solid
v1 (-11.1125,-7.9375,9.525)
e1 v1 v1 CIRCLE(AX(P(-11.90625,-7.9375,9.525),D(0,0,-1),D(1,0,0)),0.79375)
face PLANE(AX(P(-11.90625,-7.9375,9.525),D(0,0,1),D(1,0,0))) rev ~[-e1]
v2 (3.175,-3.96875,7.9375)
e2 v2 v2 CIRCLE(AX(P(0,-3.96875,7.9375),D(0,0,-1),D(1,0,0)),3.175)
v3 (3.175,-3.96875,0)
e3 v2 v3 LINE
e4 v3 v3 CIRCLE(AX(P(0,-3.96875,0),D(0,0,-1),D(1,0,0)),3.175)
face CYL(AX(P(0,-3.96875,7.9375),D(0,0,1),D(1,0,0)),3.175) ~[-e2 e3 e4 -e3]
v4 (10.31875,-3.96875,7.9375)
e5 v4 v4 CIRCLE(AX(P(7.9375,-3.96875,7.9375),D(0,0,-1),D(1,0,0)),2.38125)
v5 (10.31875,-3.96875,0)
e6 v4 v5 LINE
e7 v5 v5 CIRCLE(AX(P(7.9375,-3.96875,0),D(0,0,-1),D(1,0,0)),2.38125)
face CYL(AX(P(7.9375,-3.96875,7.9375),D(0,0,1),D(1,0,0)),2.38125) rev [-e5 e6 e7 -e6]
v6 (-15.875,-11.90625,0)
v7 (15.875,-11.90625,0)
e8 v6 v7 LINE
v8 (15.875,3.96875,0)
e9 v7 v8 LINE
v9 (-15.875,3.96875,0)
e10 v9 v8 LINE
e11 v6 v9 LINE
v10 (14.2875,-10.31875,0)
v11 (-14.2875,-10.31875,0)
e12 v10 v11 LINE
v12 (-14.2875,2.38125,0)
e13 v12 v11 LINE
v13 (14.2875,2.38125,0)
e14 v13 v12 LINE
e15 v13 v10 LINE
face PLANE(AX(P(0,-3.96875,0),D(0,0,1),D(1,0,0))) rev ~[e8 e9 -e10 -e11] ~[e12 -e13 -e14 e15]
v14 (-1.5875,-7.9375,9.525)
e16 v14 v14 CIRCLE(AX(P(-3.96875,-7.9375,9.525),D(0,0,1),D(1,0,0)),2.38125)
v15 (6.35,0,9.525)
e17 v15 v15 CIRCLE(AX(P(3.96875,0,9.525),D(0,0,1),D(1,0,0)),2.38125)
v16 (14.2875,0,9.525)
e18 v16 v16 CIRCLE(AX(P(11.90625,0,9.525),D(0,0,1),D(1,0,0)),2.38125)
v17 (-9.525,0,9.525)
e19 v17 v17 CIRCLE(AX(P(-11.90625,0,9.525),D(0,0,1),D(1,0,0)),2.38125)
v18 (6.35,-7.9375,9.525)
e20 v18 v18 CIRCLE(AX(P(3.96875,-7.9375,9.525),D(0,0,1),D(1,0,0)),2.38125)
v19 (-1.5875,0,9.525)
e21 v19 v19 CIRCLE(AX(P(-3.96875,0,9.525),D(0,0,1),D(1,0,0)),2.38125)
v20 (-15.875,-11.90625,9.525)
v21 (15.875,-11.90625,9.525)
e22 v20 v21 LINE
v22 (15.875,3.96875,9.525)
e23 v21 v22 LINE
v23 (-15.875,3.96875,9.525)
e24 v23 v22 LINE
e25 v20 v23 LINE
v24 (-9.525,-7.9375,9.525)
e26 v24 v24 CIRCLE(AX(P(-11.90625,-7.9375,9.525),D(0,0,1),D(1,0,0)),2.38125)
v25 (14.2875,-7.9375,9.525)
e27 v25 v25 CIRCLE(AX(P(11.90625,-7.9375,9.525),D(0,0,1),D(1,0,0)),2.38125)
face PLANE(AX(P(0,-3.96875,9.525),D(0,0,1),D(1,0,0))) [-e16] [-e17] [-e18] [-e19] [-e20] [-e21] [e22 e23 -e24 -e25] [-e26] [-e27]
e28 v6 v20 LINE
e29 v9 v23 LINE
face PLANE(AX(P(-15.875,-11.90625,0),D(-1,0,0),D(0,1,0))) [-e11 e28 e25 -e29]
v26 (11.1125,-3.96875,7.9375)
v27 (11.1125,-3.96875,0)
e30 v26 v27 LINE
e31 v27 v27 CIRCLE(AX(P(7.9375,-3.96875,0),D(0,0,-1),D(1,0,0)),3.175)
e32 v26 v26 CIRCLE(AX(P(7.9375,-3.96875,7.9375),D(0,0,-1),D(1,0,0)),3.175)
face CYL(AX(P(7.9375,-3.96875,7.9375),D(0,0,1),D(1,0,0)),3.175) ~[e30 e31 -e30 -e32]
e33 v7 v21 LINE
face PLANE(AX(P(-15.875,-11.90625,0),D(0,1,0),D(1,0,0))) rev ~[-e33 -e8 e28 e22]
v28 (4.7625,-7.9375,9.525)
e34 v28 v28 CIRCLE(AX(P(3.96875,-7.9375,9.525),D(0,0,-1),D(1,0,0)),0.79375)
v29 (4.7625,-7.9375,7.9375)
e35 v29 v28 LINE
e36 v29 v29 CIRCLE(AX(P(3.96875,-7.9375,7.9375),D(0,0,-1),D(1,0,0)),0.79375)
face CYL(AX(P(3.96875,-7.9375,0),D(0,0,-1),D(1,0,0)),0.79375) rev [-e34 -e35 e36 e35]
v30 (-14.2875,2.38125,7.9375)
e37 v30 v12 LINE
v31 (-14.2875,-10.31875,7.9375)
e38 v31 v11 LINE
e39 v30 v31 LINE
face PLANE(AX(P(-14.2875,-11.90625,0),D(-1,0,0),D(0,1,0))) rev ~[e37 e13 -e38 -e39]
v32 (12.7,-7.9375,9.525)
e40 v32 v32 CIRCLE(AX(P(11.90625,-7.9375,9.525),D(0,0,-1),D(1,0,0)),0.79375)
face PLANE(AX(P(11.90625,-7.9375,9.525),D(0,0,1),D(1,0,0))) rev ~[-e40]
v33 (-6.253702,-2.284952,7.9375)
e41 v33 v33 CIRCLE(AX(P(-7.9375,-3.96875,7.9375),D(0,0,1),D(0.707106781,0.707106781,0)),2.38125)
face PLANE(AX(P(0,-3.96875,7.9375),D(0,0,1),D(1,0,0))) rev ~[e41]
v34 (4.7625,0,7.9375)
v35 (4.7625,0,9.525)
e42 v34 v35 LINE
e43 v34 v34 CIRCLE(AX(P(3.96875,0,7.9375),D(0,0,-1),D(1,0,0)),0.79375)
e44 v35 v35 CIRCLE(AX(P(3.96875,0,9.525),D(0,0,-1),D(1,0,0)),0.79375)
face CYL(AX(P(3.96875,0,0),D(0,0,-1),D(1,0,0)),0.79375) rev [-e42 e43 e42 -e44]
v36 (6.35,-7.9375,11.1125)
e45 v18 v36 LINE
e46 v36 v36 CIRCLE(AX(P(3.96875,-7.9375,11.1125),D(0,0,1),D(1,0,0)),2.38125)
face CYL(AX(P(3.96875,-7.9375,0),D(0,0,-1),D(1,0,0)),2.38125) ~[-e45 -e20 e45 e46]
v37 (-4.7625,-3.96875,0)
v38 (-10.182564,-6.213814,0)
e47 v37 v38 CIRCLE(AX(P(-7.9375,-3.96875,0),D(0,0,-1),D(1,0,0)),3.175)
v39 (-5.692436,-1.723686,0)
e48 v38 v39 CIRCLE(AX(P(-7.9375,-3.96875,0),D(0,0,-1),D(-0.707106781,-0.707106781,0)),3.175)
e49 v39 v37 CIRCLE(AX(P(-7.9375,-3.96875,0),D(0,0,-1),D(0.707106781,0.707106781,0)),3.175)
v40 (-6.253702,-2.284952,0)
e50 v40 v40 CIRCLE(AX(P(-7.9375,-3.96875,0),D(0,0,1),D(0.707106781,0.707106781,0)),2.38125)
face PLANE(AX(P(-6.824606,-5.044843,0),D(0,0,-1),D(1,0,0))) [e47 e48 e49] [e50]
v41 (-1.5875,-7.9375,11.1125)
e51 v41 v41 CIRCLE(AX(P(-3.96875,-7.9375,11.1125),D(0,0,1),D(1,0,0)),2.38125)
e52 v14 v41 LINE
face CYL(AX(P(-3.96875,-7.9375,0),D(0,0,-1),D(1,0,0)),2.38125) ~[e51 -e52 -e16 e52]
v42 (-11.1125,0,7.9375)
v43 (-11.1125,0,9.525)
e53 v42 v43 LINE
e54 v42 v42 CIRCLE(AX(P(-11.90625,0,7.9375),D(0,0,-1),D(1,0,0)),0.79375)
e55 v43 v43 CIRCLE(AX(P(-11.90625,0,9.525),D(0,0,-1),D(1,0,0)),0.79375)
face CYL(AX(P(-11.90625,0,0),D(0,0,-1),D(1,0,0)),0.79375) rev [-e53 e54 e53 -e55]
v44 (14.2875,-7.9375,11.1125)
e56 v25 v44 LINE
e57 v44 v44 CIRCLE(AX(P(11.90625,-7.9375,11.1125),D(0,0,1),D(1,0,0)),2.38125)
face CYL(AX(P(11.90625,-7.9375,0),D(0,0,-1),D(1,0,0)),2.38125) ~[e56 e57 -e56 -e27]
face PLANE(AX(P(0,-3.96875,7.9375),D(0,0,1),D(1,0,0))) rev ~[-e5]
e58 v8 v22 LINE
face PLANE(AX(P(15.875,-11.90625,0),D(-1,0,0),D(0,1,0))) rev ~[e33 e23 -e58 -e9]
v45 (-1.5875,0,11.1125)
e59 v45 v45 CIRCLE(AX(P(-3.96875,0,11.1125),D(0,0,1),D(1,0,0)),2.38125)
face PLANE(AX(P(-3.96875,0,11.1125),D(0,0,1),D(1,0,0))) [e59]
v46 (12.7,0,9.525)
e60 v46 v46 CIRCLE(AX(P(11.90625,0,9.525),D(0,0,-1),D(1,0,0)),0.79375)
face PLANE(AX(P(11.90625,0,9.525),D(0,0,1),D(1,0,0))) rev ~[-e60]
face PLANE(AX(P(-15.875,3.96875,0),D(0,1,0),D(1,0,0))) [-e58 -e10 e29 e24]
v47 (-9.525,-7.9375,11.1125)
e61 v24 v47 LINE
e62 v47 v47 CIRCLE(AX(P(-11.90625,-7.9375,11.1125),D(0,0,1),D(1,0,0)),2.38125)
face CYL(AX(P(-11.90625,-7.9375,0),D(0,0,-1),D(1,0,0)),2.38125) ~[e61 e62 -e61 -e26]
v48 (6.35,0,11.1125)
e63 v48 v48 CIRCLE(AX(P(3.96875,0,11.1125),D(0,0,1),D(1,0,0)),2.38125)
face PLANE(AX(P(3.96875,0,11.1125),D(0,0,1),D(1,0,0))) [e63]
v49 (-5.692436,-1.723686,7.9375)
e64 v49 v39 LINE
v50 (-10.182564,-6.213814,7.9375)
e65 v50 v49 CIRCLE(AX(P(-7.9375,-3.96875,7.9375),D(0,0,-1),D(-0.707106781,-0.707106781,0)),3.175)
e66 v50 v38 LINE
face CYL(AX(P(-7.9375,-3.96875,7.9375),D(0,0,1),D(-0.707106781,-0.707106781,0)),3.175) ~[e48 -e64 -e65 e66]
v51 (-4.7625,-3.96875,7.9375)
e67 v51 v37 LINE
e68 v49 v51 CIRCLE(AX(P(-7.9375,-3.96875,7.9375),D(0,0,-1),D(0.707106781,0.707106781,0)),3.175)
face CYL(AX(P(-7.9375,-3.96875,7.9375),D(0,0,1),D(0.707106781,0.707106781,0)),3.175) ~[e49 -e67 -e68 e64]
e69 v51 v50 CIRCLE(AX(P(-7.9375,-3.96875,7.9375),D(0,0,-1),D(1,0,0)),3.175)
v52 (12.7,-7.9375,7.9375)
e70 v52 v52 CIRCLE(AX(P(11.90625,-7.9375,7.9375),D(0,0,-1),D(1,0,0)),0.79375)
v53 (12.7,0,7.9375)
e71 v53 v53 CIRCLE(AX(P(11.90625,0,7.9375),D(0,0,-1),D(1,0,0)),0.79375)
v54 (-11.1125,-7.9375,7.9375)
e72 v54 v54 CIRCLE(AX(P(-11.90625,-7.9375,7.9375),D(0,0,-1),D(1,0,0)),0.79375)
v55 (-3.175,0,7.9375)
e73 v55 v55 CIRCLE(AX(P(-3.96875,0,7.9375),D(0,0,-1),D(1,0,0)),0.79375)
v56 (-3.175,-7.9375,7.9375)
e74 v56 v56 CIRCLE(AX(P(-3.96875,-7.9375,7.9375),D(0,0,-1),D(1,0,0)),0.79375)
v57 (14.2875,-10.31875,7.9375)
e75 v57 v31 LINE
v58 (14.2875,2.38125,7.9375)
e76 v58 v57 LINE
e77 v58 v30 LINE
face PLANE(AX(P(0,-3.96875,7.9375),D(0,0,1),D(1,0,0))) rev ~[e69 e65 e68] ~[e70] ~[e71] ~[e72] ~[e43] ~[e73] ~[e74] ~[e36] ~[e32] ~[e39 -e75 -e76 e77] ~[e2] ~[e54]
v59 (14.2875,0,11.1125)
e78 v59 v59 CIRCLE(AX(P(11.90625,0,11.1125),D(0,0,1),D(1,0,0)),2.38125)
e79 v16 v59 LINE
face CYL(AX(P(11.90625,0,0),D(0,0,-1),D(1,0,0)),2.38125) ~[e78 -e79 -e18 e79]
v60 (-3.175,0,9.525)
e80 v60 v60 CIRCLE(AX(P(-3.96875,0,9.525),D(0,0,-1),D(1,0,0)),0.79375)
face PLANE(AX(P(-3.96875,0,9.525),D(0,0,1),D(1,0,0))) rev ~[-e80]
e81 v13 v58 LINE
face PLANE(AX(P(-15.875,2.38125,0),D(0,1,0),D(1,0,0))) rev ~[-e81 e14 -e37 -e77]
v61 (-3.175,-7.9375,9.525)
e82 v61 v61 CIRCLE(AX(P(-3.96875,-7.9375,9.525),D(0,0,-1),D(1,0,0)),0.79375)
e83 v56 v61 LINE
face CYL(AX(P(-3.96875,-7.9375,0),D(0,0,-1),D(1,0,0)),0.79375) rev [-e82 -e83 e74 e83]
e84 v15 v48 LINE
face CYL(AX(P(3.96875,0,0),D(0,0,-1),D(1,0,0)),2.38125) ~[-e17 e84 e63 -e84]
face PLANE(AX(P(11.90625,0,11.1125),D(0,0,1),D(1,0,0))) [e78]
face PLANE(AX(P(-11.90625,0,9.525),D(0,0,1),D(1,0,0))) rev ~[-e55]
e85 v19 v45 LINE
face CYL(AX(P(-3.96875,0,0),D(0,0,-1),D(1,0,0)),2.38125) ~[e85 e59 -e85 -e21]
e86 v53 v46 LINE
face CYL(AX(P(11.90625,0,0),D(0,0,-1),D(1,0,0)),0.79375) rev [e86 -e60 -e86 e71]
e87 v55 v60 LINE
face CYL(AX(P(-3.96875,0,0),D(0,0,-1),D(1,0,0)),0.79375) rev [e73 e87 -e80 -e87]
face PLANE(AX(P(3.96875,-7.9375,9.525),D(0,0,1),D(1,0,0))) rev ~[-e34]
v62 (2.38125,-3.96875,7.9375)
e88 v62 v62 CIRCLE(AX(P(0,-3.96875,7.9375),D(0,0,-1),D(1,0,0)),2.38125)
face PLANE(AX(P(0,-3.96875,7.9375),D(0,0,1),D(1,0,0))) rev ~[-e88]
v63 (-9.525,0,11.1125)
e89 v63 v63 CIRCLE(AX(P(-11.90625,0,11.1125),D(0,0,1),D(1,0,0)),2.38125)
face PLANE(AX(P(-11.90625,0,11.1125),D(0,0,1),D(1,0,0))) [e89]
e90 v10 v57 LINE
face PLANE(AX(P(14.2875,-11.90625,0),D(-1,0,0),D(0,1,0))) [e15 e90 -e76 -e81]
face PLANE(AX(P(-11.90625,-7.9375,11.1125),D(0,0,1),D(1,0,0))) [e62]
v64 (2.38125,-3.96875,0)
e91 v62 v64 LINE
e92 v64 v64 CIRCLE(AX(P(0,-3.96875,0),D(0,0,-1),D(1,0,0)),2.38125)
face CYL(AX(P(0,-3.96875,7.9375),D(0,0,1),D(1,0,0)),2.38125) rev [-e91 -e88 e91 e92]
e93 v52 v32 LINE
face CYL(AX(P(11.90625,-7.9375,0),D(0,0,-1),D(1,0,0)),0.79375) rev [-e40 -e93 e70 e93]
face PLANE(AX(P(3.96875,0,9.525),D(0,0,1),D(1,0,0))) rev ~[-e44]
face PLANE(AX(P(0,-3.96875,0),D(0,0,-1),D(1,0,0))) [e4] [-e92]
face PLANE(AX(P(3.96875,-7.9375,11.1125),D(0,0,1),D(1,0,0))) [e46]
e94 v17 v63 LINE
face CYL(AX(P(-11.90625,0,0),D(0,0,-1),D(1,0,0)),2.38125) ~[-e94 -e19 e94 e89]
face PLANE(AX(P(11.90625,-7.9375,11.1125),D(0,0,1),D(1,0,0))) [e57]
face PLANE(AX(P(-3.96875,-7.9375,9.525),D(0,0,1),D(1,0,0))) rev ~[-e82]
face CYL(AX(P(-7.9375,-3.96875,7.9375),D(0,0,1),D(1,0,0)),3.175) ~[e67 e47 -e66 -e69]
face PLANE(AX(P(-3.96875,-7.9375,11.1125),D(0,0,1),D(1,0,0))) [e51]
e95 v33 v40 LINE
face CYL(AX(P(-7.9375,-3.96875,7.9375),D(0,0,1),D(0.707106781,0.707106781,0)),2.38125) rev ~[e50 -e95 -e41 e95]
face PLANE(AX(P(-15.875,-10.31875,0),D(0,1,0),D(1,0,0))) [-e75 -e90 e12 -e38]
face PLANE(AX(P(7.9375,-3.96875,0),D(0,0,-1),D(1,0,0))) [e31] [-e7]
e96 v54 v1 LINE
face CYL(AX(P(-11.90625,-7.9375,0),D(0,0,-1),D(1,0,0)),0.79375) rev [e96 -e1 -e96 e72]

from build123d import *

# Parameters (mm, degrees)
F0_W     = 31.75
F0_H     = 15.875
F0_R     = 2.38125
F1_DEPTH = 9.525
F2_DEPTH = 11.1125
F3_T     = -1.5875
F4_R     = 3.175
F4_R_2   = 2.38125
F5_DEPTH = 7.9375


with BuildPart() as f1:
    # F0 (on Top) → F1 (new body)
    with BuildSketch(Plane.XY):
        with Locations((0, -3.96875)):
            Rectangle(F0_W, F0_H)
        with Locations((-11.90625, -7.9375)):
            Circle(F0_R, mode=Mode.SUBTRACT)
        with Locations((-3.96875, -7.9375)):
            Circle(F0_R, mode=Mode.SUBTRACT)
        with Locations((3.96875, -7.9375)):
            Circle(F0_R, mode=Mode.SUBTRACT)
        with Locations((11.90625, -7.9375)):
            Circle(F0_R, mode=Mode.SUBTRACT)
        with Locations((-11.90625, 0)):
            Circle(F0_R, mode=Mode.SUBTRACT)
        with Locations((-3.96875, 0)):
            Circle(F0_R, mode=Mode.SUBTRACT)
        with Locations((3.96875, 0)):
            Circle(F0_R, mode=Mode.SUBTRACT)
        with Locations((11.90625, 0)):
            Circle(F0_R, mode=Mode.SUBTRACT)
    extrude(amount=F1_DEPTH)

    # F0 (on Top) → F2 (join)
    with BuildSketch(Plane.XY):
        with Locations((-11.90625, 0)):
            Circle(F0_R)
        with Locations((-11.90625, -7.9375)):
            Circle(F0_R)
        with Locations((-3.96875, -7.9375)):
            Circle(F0_R)
        with Locations((-3.96875, 0)):
            Circle(F0_R)
        with Locations((3.96875, 0)):
            Circle(F0_R)
        with Locations((3.96875, -7.9375)):
            Circle(F0_R)
        with Locations((11.90625, -7.9375)):
            Circle(F0_R)
        with Locations((11.90625, 0)):
            Circle(F0_R)
    extrude(amount=F2_DEPTH)

    # F3
    f3_openings = [f1.faces().sort_by_distance(p)[0] for p in [
        (0, -3.96875, 0),
    ]]
    offset(amount=F3_T, openings=f3_openings, kind=Kind.INTERSECTION)

    # F4 (on face) → F5 (join)
    with BuildSketch(Plane(origin=(0, 0, 7.9375), x_dir=(1, 0, 0), z_dir=(0, 0, -1))):
        with BuildLine():
            ThreePointArc((-4.7625, 3.96875), (-6.7224801022, 6.9020675157), (-10.1825640303, 6.2138140303))
            Line((-10.1825640303, 6.2138140303), (-9.6212980227, 5.6525480227))
            ThreePointArc((-9.6212980227, 5.6525480227), (-7.0262350767, 6.1687381368), (-5.55625, 3.96875))
            ThreePointArc((-5.55625, 3.96875), (-5.7375118632, 3.0574850767), (-6.2537019773, 2.2849519773))
            Line((-6.2537019773, 2.2849519773), (-5.6924359697, 1.7236859697))
            ThreePointArc((-5.6924359697, 1.7236859697), (-5.0041824843, 2.7537301022), (-4.7625, 3.96875))
        make_face()
        with BuildLine():
            Line((-9.6212980227, 5.6525480227), (-10.1825640303, 6.2138140303))
            ThreePointArc((-10.1825640303, 6.2138140303), (-10.1825640303, 1.7236859697), (-5.6924359697, 1.7236859697))
            Line((-5.6924359697, 1.7236859697), (-6.2537019773, 2.2849519773))
            ThreePointArc((-6.2537019773, 2.2849519773), (-9.6212980227, 2.2849519773), (-9.6212980227, 5.6525480227))
        make_face()
        with Locations((0, 3.96875)):
            Circle(F4_R)
        with Locations((0, 3.96875)):
            Circle(F4_R_2, mode=Mode.SUBTRACT)
        with Locations((7.9375, 3.96875)):
            Circle(F4_R)
        with Locations((7.9375, 3.96875)):
            Circle(F4_R_2, mode=Mode.SUBTRACT)
    extrude(amount=F5_DEPTH)


solid = f1.part
